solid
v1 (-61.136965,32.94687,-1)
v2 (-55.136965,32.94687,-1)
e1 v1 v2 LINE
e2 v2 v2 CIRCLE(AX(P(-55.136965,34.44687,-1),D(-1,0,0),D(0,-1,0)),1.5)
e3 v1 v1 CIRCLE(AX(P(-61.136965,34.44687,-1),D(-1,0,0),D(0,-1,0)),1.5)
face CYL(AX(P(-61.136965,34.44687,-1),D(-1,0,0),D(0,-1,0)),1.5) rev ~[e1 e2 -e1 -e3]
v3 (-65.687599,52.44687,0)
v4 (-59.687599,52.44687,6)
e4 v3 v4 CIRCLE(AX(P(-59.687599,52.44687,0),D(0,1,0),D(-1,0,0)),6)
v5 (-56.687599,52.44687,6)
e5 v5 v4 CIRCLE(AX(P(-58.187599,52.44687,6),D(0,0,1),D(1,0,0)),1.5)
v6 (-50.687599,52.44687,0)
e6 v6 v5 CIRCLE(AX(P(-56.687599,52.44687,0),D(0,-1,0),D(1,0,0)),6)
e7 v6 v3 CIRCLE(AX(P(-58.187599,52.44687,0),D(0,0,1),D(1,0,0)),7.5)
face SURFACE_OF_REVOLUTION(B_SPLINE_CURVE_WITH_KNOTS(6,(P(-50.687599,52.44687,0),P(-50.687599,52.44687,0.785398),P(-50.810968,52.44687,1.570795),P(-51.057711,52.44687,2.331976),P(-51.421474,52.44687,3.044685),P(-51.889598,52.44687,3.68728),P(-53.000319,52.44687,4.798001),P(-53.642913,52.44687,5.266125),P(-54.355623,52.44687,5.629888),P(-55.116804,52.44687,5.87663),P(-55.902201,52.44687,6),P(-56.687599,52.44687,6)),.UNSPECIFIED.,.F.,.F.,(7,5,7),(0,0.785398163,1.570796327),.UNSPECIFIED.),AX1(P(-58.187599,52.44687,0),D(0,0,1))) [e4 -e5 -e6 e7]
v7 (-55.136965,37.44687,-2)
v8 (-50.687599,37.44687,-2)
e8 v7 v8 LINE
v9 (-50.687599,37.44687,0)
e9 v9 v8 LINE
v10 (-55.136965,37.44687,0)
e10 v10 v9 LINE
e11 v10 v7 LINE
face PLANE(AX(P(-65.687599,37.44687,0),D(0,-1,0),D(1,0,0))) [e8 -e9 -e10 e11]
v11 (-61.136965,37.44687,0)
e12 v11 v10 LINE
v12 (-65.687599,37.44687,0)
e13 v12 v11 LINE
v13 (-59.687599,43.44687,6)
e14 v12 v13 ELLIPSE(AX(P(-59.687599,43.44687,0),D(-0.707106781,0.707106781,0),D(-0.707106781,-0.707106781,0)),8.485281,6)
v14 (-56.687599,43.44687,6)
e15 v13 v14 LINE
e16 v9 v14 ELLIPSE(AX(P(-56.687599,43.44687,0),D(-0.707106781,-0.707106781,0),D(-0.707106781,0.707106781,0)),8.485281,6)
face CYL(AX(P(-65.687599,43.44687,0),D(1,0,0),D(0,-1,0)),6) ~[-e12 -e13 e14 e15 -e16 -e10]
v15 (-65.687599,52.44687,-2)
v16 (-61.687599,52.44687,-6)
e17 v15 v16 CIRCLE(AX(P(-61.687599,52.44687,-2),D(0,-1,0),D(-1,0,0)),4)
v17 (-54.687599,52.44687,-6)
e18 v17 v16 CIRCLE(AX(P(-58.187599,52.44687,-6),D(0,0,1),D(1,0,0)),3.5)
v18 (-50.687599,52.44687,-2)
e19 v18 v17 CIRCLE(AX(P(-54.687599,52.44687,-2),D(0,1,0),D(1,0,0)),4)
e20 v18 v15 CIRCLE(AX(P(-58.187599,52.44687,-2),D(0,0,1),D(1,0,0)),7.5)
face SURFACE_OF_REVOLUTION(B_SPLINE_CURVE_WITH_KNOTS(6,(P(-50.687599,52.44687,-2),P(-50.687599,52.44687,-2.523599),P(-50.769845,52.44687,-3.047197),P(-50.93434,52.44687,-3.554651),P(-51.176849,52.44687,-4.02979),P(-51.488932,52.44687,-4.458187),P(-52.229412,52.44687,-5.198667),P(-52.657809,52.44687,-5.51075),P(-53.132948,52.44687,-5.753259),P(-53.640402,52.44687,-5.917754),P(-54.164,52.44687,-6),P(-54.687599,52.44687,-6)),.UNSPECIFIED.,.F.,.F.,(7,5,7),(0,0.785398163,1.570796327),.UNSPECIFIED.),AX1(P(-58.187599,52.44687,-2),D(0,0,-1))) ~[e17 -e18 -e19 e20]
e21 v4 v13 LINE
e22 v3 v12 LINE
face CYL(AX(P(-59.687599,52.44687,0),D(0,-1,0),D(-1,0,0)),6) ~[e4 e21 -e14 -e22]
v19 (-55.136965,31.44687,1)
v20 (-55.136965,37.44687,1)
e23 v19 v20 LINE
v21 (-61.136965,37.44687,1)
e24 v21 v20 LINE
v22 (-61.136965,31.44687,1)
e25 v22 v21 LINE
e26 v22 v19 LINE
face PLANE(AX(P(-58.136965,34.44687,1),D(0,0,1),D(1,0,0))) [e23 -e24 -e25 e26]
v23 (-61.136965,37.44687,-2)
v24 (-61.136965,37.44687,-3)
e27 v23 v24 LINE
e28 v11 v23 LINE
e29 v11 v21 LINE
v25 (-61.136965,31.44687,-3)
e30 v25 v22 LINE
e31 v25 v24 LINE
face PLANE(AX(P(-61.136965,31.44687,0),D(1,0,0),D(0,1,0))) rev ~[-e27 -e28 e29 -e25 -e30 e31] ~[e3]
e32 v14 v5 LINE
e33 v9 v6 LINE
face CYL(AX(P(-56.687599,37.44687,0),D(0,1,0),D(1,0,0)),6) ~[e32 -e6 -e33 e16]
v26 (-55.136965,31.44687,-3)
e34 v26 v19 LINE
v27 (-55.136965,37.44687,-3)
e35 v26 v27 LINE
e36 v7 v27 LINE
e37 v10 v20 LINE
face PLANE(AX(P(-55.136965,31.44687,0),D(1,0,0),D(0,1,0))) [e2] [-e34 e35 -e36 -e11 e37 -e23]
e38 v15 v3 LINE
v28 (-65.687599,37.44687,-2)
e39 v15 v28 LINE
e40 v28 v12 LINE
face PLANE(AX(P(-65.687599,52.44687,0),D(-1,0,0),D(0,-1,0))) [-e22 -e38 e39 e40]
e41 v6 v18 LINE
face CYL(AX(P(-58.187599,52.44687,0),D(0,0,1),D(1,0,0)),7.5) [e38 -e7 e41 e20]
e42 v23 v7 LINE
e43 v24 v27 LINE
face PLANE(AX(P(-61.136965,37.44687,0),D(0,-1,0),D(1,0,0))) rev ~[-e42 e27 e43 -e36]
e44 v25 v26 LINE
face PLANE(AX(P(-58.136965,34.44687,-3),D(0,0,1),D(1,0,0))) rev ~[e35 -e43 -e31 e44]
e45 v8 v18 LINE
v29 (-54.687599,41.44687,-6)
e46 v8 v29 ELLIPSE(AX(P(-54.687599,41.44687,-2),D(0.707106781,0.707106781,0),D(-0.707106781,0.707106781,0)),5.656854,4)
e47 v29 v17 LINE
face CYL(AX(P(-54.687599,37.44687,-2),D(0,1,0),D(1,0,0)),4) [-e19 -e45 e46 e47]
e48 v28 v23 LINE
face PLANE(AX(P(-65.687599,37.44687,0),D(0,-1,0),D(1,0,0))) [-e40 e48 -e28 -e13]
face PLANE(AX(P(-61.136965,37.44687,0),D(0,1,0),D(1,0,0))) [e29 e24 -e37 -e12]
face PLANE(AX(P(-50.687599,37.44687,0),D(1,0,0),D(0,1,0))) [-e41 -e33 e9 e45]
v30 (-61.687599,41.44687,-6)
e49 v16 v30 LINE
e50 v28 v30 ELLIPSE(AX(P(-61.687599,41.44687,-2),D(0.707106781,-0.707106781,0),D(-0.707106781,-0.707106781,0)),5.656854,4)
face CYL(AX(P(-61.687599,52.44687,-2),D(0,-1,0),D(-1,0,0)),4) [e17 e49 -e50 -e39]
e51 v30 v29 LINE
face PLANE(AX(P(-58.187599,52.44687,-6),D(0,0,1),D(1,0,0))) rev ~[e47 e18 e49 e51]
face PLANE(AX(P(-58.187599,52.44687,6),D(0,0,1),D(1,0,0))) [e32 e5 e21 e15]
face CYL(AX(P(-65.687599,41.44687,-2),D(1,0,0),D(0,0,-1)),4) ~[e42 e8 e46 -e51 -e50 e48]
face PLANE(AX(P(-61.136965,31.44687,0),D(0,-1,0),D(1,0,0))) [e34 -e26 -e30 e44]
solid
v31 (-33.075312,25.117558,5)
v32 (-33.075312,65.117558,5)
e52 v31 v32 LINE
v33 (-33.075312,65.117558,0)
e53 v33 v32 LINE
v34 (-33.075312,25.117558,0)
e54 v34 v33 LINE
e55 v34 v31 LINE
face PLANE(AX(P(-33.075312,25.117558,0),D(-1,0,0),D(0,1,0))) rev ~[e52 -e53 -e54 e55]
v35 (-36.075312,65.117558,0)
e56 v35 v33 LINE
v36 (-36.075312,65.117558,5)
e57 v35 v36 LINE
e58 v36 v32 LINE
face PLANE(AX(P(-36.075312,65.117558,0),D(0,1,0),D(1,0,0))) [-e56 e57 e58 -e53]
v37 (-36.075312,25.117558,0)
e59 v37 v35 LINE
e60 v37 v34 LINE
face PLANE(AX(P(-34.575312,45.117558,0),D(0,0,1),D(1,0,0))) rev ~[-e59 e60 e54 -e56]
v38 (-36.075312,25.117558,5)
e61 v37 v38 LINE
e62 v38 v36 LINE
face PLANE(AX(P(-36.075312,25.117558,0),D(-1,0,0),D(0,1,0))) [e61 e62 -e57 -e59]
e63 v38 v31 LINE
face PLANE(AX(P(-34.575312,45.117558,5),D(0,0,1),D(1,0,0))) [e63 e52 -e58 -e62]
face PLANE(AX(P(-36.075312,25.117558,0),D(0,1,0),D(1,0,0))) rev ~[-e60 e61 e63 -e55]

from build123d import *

# Parameters (mm, degrees)
F1_DEPTH      = 6
F2_R          = 6
F3_R          = 4
F4_W          = 6
F4_H          = 6
F5_DEPTH      = 1
F5_DEPTH_BACK = 3
F6_R          = 1.5
F7_DEPTH      = 6
F8_W          = 3
F8_H          = 40
F9_DEPTH      = 5


with BuildPart() as f1:
    # F0 (on Top) → F1 (new body, symmetric)
    with BuildSketch(Plane.XY):
        with BuildLine():
            ThreePointArc((-65.6875988848, 52.4468704985), (-58.1875988848, 44.9468704985), (-50.6875988848, 52.4468704985))
            ThreePointArc((-50.6875988848, 52.4468704985), (-58.1875988848, 59.9468704985), (-65.6875988848, 52.4468704985))
        make_face()
        with BuildLine():
            Line((-50.6875988848, 37.4468704985), (-50.6875988848, 52.4468704985))
            ThreePointArc((-50.6875988848, 52.4468704985), (-58.1875988848, 44.9468704985), (-65.6875988848, 52.4468704985))
            Line((-65.6875988848, 52.4468704985), (-65.6875988848, 37.4468704985))
            Line((-65.6875988848, 37.4468704985), (-61.1875988848, 37.4468704985))
            Line((-61.1875988848, 37.4468704985), (-55.1875988848, 37.4468704985))
            Line((-55.1875988848, 37.4468704985), (-50.6875988848, 37.4468704985))
        make_face()
    extrude(amount=F1_DEPTH, both=True)

    # F2
    f2_edges = [f1.edges().sort_by_distance(p)[0] for p in [
        (-58.187599, 59.94687, 6),
        (-65.687599, 44.94687, 6),
        (-58.187599, 37.44687, 6),
        (-50.687599, 44.94687, 6),
    ]]
    fillet(f2_edges, radius=F2_R)

    # F3
    f3_edges = [f1.edges().sort_by_distance(p)[0] for p in [
        (-58.187599, 59.94687, -6),
        (-65.687599, 44.94687, -6),
        (-58.187599, 37.44687, -6),
        (-50.687599, 44.94687, -6),
    ]]
    fillet(f3_edges, radius=F3_R)

    # F4 (on Top) → F5 (join, two sides)
    with BuildSketch(Plane.XY) as f5_sk:
        with Locations((-58.1369646636, 34.4468704985)):
            Rectangle(F4_W, F4_H)
    extrude(amount=F5_DEPTH)
    extrude(f5_sk.sketch, amount=-F5_DEPTH_BACK)

    # F6 (on face) → F7 (cut)
    with BuildSketch(Plane(origin=(-61.1369646636, 0, 0), x_dir=(0, -1, 0), z_dir=(-1, 0, 0))):
        with Locations((-34.4468704985, -1)):
            Circle(F6_R)
    extrude(amount=-F7_DEPTH, mode=Mode.SUBTRACT)


with BuildPart() as f9:
    # F8 (on Top) → F9 (new body)
    with BuildSketch(Plane.XY):
        with Locations((-34.5753123189, 45.1175575703)):
            Rectangle(F8_W, F8_H)
    extrude(amount=F9_DEPTH)


solid = Compound([f1.part, f9.part])
